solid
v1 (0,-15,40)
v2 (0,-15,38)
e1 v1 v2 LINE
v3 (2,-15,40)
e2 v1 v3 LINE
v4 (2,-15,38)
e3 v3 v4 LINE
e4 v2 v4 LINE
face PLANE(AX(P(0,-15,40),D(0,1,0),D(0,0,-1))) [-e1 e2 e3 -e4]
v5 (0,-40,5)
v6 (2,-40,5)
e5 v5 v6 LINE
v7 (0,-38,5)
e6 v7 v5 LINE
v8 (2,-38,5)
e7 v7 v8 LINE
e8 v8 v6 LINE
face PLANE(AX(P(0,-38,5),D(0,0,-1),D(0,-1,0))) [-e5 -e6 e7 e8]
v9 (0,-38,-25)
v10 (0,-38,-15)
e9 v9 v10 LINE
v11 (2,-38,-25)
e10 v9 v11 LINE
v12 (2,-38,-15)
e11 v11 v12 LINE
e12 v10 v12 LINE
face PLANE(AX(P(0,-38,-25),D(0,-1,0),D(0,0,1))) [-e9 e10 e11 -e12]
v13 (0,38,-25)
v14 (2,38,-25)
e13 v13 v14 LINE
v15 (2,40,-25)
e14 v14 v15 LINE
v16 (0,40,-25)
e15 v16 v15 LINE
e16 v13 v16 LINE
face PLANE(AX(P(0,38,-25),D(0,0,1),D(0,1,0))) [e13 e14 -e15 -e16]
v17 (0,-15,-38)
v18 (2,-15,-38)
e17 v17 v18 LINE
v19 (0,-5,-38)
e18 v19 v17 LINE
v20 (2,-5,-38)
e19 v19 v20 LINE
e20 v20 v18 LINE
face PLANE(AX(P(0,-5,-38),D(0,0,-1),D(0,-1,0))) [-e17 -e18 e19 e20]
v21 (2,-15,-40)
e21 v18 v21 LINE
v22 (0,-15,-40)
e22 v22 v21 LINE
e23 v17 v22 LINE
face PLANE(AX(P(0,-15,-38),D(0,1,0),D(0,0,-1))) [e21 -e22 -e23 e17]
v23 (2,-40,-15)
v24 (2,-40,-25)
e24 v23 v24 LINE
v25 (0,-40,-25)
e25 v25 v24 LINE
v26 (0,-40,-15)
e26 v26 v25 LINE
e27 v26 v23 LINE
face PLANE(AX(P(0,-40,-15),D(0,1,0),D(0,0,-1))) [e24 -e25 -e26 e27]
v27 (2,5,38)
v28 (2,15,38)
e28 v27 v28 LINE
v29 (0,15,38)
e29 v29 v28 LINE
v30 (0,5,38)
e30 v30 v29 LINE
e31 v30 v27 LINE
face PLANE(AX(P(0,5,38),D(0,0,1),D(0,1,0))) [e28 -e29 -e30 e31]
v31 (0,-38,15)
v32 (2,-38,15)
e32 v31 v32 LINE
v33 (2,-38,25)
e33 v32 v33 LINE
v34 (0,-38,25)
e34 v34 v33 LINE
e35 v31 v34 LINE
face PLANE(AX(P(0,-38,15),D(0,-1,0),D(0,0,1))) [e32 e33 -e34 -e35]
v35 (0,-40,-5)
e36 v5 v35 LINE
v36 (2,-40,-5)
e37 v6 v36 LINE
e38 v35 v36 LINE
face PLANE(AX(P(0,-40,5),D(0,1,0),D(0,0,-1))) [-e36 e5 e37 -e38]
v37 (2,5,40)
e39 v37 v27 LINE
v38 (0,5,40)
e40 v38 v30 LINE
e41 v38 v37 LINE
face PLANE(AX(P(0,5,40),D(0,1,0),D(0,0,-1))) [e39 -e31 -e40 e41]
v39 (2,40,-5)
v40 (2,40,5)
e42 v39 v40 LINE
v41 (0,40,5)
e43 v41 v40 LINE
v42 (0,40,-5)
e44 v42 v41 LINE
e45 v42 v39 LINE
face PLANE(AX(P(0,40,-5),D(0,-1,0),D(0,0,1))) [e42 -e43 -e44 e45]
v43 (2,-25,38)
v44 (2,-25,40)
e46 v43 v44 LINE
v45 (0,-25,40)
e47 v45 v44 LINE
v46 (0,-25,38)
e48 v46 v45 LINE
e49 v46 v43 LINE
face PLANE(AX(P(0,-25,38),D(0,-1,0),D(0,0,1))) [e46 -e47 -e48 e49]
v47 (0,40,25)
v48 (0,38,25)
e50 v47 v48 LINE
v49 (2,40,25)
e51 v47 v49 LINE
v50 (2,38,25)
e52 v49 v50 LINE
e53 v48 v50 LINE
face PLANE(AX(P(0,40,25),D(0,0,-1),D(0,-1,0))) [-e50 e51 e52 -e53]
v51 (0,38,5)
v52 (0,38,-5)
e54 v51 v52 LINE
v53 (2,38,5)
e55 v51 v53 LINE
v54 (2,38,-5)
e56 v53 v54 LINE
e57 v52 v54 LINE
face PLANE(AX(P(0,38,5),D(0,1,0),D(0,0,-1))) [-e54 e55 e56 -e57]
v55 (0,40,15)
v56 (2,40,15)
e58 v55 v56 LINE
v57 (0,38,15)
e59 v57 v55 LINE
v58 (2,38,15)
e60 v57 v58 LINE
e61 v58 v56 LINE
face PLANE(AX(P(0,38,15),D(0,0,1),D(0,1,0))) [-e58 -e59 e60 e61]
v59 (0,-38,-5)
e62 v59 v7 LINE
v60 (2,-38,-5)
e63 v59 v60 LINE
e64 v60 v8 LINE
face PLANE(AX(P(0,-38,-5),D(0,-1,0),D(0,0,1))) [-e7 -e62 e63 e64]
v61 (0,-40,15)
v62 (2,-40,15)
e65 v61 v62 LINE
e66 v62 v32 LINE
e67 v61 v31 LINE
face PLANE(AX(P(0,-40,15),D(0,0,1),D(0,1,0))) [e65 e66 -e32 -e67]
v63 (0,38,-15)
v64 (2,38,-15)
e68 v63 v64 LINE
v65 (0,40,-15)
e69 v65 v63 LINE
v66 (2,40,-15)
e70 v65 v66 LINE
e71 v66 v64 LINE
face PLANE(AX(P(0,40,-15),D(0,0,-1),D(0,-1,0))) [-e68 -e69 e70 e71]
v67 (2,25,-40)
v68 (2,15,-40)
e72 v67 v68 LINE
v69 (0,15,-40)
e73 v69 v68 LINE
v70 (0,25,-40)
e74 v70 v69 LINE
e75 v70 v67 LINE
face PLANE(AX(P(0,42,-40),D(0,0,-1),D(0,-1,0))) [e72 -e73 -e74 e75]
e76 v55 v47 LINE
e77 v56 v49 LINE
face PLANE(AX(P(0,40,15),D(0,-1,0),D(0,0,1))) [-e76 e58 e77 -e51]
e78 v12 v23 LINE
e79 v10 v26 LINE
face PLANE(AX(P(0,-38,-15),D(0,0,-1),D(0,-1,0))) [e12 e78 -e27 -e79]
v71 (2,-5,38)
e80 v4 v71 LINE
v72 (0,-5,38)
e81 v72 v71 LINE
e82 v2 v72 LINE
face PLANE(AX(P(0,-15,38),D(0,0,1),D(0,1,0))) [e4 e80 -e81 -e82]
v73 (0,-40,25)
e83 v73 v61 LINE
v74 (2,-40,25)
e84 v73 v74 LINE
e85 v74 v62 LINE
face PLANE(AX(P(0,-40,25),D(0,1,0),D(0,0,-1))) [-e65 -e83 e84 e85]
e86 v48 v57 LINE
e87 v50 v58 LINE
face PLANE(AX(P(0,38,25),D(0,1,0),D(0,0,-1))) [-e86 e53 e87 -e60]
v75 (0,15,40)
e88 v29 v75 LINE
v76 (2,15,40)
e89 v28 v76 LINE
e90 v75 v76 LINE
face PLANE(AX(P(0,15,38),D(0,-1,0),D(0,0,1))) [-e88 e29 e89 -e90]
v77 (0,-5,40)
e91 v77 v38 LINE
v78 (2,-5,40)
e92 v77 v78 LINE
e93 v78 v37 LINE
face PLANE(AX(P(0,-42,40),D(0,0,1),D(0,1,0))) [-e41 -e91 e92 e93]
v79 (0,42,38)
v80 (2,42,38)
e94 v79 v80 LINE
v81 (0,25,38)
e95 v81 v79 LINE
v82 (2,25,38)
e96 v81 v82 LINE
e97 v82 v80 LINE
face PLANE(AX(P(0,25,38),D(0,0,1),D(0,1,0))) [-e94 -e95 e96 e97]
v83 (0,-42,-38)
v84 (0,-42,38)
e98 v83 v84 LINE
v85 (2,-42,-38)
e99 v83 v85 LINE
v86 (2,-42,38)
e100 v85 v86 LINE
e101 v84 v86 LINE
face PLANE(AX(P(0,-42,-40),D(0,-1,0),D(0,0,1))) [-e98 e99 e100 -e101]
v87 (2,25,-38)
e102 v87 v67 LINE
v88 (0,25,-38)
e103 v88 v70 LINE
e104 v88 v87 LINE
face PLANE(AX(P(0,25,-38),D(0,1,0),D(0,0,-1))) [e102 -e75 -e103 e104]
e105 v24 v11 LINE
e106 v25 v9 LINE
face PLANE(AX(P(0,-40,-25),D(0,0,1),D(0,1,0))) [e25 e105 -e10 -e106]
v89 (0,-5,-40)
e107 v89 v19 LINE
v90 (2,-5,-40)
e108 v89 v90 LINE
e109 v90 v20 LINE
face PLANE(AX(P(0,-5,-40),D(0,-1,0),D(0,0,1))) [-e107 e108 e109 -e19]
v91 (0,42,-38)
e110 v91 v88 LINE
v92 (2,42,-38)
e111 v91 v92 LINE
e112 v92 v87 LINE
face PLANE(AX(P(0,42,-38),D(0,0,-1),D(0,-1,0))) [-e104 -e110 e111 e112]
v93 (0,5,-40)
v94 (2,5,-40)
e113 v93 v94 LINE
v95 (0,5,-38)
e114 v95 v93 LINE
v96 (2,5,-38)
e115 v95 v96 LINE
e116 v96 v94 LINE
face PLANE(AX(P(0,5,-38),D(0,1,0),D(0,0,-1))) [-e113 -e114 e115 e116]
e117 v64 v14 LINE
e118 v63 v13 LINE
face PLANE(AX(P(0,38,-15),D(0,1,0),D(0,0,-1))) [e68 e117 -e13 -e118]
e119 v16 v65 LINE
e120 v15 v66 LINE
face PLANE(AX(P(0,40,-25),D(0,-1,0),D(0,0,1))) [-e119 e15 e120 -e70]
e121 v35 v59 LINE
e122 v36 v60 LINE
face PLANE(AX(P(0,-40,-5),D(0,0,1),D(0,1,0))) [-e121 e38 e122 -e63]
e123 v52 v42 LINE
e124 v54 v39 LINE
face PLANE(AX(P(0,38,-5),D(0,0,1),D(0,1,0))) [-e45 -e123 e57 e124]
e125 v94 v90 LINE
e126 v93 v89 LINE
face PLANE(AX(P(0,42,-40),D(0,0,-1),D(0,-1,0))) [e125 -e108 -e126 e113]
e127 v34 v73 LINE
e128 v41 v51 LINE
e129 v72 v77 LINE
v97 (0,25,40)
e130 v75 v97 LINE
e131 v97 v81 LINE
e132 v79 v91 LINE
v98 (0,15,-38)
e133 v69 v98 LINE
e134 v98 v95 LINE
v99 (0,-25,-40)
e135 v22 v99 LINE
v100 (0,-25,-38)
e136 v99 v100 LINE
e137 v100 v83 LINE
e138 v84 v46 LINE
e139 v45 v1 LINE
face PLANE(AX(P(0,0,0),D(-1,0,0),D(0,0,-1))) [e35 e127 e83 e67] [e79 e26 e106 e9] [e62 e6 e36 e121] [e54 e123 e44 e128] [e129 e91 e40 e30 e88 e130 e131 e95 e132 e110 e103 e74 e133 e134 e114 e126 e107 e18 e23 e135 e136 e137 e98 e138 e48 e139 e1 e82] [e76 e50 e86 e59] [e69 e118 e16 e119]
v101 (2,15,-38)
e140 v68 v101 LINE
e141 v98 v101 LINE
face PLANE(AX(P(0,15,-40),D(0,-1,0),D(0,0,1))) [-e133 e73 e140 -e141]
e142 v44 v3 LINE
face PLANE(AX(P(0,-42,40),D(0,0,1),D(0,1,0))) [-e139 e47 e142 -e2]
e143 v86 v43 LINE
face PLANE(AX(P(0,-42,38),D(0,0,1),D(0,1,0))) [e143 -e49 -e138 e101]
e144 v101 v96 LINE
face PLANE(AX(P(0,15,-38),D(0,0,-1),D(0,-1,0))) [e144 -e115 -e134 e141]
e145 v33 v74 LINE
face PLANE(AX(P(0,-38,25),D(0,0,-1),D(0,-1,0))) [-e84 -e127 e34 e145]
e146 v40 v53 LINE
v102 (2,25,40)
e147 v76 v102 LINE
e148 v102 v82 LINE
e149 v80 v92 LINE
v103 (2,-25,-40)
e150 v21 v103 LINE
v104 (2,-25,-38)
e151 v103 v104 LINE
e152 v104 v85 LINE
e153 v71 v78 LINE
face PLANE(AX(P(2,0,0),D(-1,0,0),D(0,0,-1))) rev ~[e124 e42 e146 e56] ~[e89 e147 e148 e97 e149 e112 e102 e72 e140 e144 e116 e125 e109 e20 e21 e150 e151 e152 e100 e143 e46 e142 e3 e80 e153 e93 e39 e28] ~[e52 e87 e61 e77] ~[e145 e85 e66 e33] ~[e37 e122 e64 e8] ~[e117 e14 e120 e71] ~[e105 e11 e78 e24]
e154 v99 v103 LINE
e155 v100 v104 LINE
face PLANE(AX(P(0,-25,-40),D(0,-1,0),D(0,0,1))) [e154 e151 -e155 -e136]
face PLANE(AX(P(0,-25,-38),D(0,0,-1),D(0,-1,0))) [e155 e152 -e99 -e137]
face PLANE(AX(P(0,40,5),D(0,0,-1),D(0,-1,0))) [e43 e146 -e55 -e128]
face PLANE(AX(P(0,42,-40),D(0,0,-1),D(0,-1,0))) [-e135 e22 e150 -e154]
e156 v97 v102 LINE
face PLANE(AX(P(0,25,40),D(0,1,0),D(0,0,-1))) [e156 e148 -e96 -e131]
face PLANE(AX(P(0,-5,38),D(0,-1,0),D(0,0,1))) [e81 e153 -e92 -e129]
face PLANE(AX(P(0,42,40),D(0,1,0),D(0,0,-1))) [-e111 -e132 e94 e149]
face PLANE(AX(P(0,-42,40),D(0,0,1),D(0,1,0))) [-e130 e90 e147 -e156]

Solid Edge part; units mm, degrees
sketch "Sketch1" plane through (0, 0, 0) normal (1, 0, 0) x (0, 1, 0)
  line L0 (42, 40) -> (42, -40)
  line L1 (42, -40) -> (-42, -40)
  line L2 (-42, -40) -> (-42, 40)
  line L3 (-42, 40) -> (42, 40)
extrude "Protrusion1" add sketch "Sketch1" along normal blind 2
sketch "Sketch2" plane through (0, 0, 0) normal (1, 0, 0) x (0, 1, 0)
  line L0 (-42, 38) -> (-25, 38)
  line L1 (-25, 38) -> (-25, 40)
  line L2 (-25, 40) -> (-42, 40)
  line L3 (-42, 40) -> (-42, 38)
  line L4 (-5, 40) -> (-15, 40)
  line L5 (-15, 40) -> (-15, 38)
  line L6 (-15, 38) -> (-5, 38)
  line L7 (-5, 38) -> (-5, 40)
  line L8 (15, 40) -> (5, 40)
  line L9 (5, 40) -> (5, 38)
  line L10 (5, 38) -> (15, 38)
  line L11 (15, 38) -> (15, 40)
  line L12 (42, 40) -> (25, 40)
  line L13 (25, 40) -> (25, 38)
  line L14 (25, 38) -> (42, 38)
  line L15 (42, 38) -> (42, 40)
  line L16 (38, 25) -> (38, 15)
  line L17 (38, 15) -> (40, 15)
  line L18 (40, 15) -> (40, 25)
  line L19 (40, 25) -> (38, 25)
  line L20 (38, 5) -> (38, -5)
  line L21 (38, -5) -> (40, -5)
  line L22 (40, -5) -> (40, 5)
  line L23 (40, 5) -> (38, 5)
  line L24 (38, -15) -> (38, -25)
  line L25 (38, -25) -> (40, -25)
  line L26 (40, -25) -> (40, -15)
  line L27 (40, -15) -> (38, -15)
  line L28 (42, -38) -> (25, -38)
  line L29 (25, -38) -> (25, -40)
  line L30 (25, -40) -> (42, -40)
  line L31 (42, -40) -> (42, -38)
  line L32 (15, -38) -> (5, -38)
  line L33 (5, -38) -> (5, -40)
  line L34 (5, -40) -> (15, -40)
  line L35 (15, -40) -> (15, -38)
  line L36 (-5, -38) -> (-15, -38)
  line L37 (-15, -38) -> (-15, -40)
  line L38 (-15, -40) -> (-5, -40)
  line L39 (-5, -40) -> (-5, -38)
  line L40 (-25, -38) -> (-42, -38)
  line L41 (-42, -38) -> (-42, -40)
  line L42 (-42, -40) -> (-25, -40)
  line L43 (-25, -40) -> (-25, -38)
  line L44 (-38, -25) -> (-38, -15)
  line L45 (-38, -15) -> (-40, -15)
  line L46 (-40, -15) -> (-40, -25)
  line L47 (-40, -25) -> (-38, -25)
  line L48 (-38, 5) -> (-40, 5)
  line L49 (-40, 5) -> (-40, -5)
  line L50 (-40, -5) -> (-38, -5)
  line L51 (-38, -5) -> (-38, 5)
  line L52 (-40, 15) -> (-38, 15)
  line L53 (-38, 15) -> (-38, 25)
  line L54 (-38, 25) -> (-40, 25)
  line L55 (-40, 25) -> (-40, 15)
  dimension "D1" = 17
  dimension "D2" = 2
  dimension "D3" = 17
  dimension "D4" = 2
  dimension "D5" = 17
  dimension "D6" = 2
  dimension "D7" = 17
  dimension "D8" = 2
  dimension "D9" = 10
  dimension "D10" = 2
  dimension "D11" = 10
  dimension "D12" = 2
  dimension "D13" = 10
  dimension "D14" = 2
  dimension "D15" = 2
  dimension "D16" = 10
  dimension "D17" = 2
  dimension "D18" = 10
  dimension "D19" = 2
  dimension "D20" = 10
  dimension "D21" = 2
  dimension "D22" = 10
  dimension "D23" = 2
  dimension "D24" = 10
  dimension "D25" = 2
  dimension "D26" = 10
  dimension "D27" = 10
  dimension "D28" = 2
  dimension "D29" = 10
  dimension "D30" = 10
  dimension "D31" = 10
  dimension "D32" = 15
  dimension "D33" = 2
  dimension "D34" = 2
  dimension "D35" = 2
  dimension "D36" = 15
  dimension "D37" = 10
  dimension "D38" = 10
  dimension "D39" = 10
  dimension "D40" = 10
  dimension "D41" = 10
  dimension "D42" = 2
  dimension "D43" = 15
  dimension "D44" = 2
  dimension "D45" = 10
  dimension "D46" = 15
  dimension "D47" = 2
  dimension "D48" = 10
extrude "Cutout1" cut sketch "Sketch2" along normal blind 2
properties material "Acrylic, high impact grade"
